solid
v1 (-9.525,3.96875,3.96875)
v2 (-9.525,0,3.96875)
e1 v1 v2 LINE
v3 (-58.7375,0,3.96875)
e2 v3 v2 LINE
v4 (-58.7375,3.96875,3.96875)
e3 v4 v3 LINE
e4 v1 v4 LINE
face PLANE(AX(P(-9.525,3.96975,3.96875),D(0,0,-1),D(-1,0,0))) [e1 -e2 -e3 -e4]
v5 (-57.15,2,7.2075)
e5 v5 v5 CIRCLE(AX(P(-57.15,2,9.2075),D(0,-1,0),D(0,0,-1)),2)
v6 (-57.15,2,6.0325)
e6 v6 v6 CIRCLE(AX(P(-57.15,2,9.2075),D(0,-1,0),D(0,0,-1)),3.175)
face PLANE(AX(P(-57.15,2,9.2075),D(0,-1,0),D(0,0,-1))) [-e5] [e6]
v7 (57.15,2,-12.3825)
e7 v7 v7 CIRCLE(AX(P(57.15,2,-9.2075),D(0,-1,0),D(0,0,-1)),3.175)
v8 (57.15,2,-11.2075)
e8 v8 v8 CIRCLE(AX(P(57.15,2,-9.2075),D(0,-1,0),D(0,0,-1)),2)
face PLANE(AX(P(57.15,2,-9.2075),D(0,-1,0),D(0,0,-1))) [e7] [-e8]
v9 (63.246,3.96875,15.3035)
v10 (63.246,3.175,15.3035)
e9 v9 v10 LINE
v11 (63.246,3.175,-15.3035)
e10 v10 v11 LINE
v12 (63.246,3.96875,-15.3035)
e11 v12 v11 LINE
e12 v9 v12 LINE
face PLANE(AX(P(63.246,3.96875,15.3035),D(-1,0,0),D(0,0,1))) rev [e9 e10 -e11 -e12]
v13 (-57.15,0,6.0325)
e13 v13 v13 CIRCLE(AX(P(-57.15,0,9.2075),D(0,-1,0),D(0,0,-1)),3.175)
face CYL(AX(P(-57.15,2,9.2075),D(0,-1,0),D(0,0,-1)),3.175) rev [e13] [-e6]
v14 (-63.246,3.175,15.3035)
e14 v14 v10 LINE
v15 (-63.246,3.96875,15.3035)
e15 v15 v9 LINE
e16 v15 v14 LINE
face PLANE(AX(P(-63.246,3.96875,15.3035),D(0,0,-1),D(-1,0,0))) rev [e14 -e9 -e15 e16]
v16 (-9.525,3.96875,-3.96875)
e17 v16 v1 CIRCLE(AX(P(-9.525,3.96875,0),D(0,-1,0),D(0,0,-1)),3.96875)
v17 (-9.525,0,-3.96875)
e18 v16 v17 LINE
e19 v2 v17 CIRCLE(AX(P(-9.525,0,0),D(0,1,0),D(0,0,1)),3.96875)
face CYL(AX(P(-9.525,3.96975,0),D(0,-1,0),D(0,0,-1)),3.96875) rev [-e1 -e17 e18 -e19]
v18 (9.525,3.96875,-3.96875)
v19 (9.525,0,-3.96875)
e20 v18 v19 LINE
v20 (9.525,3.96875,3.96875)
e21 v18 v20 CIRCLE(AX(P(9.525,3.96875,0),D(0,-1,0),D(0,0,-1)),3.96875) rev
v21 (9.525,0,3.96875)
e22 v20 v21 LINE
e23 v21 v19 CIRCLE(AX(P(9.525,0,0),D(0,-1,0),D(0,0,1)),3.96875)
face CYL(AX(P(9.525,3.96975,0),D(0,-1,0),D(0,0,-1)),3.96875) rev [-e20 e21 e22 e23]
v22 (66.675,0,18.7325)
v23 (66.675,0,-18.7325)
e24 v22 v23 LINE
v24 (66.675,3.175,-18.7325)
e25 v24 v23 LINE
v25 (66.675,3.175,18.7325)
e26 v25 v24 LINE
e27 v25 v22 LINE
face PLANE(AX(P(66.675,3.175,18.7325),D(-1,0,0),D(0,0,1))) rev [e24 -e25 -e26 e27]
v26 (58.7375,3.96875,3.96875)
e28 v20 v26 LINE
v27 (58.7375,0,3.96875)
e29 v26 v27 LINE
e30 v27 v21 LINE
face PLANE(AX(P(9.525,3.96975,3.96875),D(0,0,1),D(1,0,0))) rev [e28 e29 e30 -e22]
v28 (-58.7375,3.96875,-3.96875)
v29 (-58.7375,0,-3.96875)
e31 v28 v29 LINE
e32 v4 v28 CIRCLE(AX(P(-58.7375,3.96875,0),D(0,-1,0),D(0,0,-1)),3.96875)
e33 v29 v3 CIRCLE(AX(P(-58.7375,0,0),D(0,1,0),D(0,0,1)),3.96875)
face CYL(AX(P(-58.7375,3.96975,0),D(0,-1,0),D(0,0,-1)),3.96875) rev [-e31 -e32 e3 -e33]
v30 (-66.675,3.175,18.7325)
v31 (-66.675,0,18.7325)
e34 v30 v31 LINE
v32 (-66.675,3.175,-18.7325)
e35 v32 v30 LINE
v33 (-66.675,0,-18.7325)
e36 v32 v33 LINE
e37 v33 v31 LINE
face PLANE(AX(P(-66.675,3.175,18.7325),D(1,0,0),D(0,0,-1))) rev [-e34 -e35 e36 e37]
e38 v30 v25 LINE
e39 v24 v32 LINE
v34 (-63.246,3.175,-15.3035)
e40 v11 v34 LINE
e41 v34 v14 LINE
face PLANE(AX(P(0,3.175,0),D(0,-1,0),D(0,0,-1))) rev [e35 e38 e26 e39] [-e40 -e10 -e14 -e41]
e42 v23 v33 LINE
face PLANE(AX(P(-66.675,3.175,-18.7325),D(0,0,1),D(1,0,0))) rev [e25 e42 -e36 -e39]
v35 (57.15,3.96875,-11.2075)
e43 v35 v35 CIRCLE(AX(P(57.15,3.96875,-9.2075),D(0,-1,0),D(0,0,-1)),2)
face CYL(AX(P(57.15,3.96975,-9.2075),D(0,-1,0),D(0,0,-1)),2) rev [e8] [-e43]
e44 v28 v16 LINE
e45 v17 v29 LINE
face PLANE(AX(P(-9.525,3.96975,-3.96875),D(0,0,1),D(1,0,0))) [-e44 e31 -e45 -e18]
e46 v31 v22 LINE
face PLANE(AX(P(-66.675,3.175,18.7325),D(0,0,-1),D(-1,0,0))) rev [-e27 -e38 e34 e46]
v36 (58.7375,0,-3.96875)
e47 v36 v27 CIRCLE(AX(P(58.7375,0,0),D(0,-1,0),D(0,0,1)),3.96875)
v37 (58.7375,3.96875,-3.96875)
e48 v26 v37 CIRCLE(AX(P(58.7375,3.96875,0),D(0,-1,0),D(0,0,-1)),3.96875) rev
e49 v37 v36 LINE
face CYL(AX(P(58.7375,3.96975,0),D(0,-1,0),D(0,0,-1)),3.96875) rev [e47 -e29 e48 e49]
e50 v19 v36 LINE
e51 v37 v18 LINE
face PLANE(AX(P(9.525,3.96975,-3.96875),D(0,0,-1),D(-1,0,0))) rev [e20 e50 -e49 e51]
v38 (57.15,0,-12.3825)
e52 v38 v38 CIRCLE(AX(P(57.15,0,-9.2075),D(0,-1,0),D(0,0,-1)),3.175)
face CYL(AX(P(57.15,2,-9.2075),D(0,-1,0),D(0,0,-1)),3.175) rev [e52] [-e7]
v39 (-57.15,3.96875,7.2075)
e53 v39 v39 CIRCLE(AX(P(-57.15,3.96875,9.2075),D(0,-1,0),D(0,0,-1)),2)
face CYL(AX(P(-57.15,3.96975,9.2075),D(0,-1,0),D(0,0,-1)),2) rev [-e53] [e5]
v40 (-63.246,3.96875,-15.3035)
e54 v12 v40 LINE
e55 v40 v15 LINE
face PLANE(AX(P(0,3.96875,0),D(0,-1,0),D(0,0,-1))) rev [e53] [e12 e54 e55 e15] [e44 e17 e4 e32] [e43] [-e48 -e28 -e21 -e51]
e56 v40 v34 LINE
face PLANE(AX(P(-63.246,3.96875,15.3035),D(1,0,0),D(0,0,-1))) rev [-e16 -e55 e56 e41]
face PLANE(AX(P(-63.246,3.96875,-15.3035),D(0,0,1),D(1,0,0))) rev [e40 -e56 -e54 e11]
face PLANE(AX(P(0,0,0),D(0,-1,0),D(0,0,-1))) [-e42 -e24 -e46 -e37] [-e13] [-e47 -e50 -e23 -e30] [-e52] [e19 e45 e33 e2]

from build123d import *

# Parameters (mm, degrees)
SKETCH1_W           = 133.35
SKETCH1_H           = 37.465
BOSS_EXTRUDE1_DEPTH = 3.175
SKETCH2_W           = 126.492
SKETCH2_H           = 30.607
BOSS_EXTRUDE2_DEPTH = 0.79375
CUT_EXTRUDE1_DEPTH  = 3.96875
CUT_EXTRUDE2_REACH  = 5.969
SKETCH5_R           = 2
SKETCH6_R           = 3.175
CUT_EXTRUDE3_DEPTH  = 2


with BuildPart() as part:
    # Sketch1 → Boss-Extrude1 (new body)
    with BuildSketch(Plane(origin=(0, 0, 0), x_dir=(1, 0, 0), z_dir=(0, 1, 0))):
        Rectangle(SKETCH1_W, SKETCH1_H)
    extrude(amount=BOSS_EXTRUDE1_DEPTH)

    # Sketch2 → Boss-Extrude2 (add)
    with BuildSketch(Plane(origin=(0, 3.175, 0), x_dir=(1, 0, 0), z_dir=(0, 1, 0))):
        Rectangle(SKETCH2_W, SKETCH2_H)
    extrude(amount=BOSS_EXTRUDE2_DEPTH)

    # Sketch3 → Cut-Extrude1 (cut)
    with BuildSketch(Plane(origin=(0, 0, 0), x_dir=(1, 0, 0), z_dir=(0, 1, 0))):
        with BuildLine():
            Line((-9.525, -3.96875), (-58.7375, -3.96875))
            ThreePointArc((-58.7375, -3.96875), (-62.70625, 0), (-58.7375, 3.96875))
            Line((-58.7375, 3.96875), (-9.525, 3.96875))
            ThreePointArc((-9.525, 3.96875), (-5.55625, 0), (-9.525, -3.96875))
        make_face()
    cut_extrude1 = extrude(amount=CUT_EXTRUDE1_DEPTH, mode=Mode.SUBTRACT)

    # Mirror1: Cut-Extrude1 across plane
    add(cut_extrude1.mirror(Plane(origin=(0, 0, 0), x_dir=(0, 0, 1), z_dir=(1, 0, 0))), mode=Mode.SUBTRACT)

    # Sketch5 → Cut-Extrude2 (cut, up to next)
    with BuildSketch(Plane(origin=(0, 0, 0), x_dir=(1, 0, 0), z_dir=(0, 1, 0)), mode=Mode.PRIVATE) as cut_extrude2_sk1:
        with Locations((-57.15, -9.2075)):
            Circle(SKETCH5_R)
    cut_extrude2_tool1 = extrude(cut_extrude2_sk1.sketch, amount=CUT_EXTRUDE2_REACH, mode=Mode.PRIVATE) & part.part
    add(cut_extrude2_tool1.solids().sort_by_distance((-57.15, 0, 9.2075))[0], mode=Mode.SUBTRACT)
    # Sketch5 → Cut-Extrude2 (cut, up to next)
    with BuildSketch(Plane(origin=(0, 0, 0), x_dir=(1, 0, 0), z_dir=(0, 1, 0)), mode=Mode.PRIVATE) as cut_extrude2_sk2:
        with Locations((57.15, 9.2075)):
            Circle(SKETCH5_R)
    cut_extrude2_tool2 = extrude(cut_extrude2_sk2.sketch, amount=CUT_EXTRUDE2_REACH, mode=Mode.PRIVATE) & part.part
    add(cut_extrude2_tool2.solids().sort_by_distance((57.15, 0, -9.2075))[0], mode=Mode.SUBTRACT)

    # Sketch6 → Cut-Extrude3 (cut)
    with BuildSketch(Plane(origin=(0, 0, 0), x_dir=(-1, 0, 0), z_dir=(0, -1, 0))):
        with Locations((57.15, -9.2075)):
            Circle(SKETCH6_R)
        with Locations((-57.15, 9.2075)):
            Circle(SKETCH6_R)
    extrude(amount=-CUT_EXTRUDE3_DEPTH, mode=Mode.SUBTRACT)


solid = part.part
